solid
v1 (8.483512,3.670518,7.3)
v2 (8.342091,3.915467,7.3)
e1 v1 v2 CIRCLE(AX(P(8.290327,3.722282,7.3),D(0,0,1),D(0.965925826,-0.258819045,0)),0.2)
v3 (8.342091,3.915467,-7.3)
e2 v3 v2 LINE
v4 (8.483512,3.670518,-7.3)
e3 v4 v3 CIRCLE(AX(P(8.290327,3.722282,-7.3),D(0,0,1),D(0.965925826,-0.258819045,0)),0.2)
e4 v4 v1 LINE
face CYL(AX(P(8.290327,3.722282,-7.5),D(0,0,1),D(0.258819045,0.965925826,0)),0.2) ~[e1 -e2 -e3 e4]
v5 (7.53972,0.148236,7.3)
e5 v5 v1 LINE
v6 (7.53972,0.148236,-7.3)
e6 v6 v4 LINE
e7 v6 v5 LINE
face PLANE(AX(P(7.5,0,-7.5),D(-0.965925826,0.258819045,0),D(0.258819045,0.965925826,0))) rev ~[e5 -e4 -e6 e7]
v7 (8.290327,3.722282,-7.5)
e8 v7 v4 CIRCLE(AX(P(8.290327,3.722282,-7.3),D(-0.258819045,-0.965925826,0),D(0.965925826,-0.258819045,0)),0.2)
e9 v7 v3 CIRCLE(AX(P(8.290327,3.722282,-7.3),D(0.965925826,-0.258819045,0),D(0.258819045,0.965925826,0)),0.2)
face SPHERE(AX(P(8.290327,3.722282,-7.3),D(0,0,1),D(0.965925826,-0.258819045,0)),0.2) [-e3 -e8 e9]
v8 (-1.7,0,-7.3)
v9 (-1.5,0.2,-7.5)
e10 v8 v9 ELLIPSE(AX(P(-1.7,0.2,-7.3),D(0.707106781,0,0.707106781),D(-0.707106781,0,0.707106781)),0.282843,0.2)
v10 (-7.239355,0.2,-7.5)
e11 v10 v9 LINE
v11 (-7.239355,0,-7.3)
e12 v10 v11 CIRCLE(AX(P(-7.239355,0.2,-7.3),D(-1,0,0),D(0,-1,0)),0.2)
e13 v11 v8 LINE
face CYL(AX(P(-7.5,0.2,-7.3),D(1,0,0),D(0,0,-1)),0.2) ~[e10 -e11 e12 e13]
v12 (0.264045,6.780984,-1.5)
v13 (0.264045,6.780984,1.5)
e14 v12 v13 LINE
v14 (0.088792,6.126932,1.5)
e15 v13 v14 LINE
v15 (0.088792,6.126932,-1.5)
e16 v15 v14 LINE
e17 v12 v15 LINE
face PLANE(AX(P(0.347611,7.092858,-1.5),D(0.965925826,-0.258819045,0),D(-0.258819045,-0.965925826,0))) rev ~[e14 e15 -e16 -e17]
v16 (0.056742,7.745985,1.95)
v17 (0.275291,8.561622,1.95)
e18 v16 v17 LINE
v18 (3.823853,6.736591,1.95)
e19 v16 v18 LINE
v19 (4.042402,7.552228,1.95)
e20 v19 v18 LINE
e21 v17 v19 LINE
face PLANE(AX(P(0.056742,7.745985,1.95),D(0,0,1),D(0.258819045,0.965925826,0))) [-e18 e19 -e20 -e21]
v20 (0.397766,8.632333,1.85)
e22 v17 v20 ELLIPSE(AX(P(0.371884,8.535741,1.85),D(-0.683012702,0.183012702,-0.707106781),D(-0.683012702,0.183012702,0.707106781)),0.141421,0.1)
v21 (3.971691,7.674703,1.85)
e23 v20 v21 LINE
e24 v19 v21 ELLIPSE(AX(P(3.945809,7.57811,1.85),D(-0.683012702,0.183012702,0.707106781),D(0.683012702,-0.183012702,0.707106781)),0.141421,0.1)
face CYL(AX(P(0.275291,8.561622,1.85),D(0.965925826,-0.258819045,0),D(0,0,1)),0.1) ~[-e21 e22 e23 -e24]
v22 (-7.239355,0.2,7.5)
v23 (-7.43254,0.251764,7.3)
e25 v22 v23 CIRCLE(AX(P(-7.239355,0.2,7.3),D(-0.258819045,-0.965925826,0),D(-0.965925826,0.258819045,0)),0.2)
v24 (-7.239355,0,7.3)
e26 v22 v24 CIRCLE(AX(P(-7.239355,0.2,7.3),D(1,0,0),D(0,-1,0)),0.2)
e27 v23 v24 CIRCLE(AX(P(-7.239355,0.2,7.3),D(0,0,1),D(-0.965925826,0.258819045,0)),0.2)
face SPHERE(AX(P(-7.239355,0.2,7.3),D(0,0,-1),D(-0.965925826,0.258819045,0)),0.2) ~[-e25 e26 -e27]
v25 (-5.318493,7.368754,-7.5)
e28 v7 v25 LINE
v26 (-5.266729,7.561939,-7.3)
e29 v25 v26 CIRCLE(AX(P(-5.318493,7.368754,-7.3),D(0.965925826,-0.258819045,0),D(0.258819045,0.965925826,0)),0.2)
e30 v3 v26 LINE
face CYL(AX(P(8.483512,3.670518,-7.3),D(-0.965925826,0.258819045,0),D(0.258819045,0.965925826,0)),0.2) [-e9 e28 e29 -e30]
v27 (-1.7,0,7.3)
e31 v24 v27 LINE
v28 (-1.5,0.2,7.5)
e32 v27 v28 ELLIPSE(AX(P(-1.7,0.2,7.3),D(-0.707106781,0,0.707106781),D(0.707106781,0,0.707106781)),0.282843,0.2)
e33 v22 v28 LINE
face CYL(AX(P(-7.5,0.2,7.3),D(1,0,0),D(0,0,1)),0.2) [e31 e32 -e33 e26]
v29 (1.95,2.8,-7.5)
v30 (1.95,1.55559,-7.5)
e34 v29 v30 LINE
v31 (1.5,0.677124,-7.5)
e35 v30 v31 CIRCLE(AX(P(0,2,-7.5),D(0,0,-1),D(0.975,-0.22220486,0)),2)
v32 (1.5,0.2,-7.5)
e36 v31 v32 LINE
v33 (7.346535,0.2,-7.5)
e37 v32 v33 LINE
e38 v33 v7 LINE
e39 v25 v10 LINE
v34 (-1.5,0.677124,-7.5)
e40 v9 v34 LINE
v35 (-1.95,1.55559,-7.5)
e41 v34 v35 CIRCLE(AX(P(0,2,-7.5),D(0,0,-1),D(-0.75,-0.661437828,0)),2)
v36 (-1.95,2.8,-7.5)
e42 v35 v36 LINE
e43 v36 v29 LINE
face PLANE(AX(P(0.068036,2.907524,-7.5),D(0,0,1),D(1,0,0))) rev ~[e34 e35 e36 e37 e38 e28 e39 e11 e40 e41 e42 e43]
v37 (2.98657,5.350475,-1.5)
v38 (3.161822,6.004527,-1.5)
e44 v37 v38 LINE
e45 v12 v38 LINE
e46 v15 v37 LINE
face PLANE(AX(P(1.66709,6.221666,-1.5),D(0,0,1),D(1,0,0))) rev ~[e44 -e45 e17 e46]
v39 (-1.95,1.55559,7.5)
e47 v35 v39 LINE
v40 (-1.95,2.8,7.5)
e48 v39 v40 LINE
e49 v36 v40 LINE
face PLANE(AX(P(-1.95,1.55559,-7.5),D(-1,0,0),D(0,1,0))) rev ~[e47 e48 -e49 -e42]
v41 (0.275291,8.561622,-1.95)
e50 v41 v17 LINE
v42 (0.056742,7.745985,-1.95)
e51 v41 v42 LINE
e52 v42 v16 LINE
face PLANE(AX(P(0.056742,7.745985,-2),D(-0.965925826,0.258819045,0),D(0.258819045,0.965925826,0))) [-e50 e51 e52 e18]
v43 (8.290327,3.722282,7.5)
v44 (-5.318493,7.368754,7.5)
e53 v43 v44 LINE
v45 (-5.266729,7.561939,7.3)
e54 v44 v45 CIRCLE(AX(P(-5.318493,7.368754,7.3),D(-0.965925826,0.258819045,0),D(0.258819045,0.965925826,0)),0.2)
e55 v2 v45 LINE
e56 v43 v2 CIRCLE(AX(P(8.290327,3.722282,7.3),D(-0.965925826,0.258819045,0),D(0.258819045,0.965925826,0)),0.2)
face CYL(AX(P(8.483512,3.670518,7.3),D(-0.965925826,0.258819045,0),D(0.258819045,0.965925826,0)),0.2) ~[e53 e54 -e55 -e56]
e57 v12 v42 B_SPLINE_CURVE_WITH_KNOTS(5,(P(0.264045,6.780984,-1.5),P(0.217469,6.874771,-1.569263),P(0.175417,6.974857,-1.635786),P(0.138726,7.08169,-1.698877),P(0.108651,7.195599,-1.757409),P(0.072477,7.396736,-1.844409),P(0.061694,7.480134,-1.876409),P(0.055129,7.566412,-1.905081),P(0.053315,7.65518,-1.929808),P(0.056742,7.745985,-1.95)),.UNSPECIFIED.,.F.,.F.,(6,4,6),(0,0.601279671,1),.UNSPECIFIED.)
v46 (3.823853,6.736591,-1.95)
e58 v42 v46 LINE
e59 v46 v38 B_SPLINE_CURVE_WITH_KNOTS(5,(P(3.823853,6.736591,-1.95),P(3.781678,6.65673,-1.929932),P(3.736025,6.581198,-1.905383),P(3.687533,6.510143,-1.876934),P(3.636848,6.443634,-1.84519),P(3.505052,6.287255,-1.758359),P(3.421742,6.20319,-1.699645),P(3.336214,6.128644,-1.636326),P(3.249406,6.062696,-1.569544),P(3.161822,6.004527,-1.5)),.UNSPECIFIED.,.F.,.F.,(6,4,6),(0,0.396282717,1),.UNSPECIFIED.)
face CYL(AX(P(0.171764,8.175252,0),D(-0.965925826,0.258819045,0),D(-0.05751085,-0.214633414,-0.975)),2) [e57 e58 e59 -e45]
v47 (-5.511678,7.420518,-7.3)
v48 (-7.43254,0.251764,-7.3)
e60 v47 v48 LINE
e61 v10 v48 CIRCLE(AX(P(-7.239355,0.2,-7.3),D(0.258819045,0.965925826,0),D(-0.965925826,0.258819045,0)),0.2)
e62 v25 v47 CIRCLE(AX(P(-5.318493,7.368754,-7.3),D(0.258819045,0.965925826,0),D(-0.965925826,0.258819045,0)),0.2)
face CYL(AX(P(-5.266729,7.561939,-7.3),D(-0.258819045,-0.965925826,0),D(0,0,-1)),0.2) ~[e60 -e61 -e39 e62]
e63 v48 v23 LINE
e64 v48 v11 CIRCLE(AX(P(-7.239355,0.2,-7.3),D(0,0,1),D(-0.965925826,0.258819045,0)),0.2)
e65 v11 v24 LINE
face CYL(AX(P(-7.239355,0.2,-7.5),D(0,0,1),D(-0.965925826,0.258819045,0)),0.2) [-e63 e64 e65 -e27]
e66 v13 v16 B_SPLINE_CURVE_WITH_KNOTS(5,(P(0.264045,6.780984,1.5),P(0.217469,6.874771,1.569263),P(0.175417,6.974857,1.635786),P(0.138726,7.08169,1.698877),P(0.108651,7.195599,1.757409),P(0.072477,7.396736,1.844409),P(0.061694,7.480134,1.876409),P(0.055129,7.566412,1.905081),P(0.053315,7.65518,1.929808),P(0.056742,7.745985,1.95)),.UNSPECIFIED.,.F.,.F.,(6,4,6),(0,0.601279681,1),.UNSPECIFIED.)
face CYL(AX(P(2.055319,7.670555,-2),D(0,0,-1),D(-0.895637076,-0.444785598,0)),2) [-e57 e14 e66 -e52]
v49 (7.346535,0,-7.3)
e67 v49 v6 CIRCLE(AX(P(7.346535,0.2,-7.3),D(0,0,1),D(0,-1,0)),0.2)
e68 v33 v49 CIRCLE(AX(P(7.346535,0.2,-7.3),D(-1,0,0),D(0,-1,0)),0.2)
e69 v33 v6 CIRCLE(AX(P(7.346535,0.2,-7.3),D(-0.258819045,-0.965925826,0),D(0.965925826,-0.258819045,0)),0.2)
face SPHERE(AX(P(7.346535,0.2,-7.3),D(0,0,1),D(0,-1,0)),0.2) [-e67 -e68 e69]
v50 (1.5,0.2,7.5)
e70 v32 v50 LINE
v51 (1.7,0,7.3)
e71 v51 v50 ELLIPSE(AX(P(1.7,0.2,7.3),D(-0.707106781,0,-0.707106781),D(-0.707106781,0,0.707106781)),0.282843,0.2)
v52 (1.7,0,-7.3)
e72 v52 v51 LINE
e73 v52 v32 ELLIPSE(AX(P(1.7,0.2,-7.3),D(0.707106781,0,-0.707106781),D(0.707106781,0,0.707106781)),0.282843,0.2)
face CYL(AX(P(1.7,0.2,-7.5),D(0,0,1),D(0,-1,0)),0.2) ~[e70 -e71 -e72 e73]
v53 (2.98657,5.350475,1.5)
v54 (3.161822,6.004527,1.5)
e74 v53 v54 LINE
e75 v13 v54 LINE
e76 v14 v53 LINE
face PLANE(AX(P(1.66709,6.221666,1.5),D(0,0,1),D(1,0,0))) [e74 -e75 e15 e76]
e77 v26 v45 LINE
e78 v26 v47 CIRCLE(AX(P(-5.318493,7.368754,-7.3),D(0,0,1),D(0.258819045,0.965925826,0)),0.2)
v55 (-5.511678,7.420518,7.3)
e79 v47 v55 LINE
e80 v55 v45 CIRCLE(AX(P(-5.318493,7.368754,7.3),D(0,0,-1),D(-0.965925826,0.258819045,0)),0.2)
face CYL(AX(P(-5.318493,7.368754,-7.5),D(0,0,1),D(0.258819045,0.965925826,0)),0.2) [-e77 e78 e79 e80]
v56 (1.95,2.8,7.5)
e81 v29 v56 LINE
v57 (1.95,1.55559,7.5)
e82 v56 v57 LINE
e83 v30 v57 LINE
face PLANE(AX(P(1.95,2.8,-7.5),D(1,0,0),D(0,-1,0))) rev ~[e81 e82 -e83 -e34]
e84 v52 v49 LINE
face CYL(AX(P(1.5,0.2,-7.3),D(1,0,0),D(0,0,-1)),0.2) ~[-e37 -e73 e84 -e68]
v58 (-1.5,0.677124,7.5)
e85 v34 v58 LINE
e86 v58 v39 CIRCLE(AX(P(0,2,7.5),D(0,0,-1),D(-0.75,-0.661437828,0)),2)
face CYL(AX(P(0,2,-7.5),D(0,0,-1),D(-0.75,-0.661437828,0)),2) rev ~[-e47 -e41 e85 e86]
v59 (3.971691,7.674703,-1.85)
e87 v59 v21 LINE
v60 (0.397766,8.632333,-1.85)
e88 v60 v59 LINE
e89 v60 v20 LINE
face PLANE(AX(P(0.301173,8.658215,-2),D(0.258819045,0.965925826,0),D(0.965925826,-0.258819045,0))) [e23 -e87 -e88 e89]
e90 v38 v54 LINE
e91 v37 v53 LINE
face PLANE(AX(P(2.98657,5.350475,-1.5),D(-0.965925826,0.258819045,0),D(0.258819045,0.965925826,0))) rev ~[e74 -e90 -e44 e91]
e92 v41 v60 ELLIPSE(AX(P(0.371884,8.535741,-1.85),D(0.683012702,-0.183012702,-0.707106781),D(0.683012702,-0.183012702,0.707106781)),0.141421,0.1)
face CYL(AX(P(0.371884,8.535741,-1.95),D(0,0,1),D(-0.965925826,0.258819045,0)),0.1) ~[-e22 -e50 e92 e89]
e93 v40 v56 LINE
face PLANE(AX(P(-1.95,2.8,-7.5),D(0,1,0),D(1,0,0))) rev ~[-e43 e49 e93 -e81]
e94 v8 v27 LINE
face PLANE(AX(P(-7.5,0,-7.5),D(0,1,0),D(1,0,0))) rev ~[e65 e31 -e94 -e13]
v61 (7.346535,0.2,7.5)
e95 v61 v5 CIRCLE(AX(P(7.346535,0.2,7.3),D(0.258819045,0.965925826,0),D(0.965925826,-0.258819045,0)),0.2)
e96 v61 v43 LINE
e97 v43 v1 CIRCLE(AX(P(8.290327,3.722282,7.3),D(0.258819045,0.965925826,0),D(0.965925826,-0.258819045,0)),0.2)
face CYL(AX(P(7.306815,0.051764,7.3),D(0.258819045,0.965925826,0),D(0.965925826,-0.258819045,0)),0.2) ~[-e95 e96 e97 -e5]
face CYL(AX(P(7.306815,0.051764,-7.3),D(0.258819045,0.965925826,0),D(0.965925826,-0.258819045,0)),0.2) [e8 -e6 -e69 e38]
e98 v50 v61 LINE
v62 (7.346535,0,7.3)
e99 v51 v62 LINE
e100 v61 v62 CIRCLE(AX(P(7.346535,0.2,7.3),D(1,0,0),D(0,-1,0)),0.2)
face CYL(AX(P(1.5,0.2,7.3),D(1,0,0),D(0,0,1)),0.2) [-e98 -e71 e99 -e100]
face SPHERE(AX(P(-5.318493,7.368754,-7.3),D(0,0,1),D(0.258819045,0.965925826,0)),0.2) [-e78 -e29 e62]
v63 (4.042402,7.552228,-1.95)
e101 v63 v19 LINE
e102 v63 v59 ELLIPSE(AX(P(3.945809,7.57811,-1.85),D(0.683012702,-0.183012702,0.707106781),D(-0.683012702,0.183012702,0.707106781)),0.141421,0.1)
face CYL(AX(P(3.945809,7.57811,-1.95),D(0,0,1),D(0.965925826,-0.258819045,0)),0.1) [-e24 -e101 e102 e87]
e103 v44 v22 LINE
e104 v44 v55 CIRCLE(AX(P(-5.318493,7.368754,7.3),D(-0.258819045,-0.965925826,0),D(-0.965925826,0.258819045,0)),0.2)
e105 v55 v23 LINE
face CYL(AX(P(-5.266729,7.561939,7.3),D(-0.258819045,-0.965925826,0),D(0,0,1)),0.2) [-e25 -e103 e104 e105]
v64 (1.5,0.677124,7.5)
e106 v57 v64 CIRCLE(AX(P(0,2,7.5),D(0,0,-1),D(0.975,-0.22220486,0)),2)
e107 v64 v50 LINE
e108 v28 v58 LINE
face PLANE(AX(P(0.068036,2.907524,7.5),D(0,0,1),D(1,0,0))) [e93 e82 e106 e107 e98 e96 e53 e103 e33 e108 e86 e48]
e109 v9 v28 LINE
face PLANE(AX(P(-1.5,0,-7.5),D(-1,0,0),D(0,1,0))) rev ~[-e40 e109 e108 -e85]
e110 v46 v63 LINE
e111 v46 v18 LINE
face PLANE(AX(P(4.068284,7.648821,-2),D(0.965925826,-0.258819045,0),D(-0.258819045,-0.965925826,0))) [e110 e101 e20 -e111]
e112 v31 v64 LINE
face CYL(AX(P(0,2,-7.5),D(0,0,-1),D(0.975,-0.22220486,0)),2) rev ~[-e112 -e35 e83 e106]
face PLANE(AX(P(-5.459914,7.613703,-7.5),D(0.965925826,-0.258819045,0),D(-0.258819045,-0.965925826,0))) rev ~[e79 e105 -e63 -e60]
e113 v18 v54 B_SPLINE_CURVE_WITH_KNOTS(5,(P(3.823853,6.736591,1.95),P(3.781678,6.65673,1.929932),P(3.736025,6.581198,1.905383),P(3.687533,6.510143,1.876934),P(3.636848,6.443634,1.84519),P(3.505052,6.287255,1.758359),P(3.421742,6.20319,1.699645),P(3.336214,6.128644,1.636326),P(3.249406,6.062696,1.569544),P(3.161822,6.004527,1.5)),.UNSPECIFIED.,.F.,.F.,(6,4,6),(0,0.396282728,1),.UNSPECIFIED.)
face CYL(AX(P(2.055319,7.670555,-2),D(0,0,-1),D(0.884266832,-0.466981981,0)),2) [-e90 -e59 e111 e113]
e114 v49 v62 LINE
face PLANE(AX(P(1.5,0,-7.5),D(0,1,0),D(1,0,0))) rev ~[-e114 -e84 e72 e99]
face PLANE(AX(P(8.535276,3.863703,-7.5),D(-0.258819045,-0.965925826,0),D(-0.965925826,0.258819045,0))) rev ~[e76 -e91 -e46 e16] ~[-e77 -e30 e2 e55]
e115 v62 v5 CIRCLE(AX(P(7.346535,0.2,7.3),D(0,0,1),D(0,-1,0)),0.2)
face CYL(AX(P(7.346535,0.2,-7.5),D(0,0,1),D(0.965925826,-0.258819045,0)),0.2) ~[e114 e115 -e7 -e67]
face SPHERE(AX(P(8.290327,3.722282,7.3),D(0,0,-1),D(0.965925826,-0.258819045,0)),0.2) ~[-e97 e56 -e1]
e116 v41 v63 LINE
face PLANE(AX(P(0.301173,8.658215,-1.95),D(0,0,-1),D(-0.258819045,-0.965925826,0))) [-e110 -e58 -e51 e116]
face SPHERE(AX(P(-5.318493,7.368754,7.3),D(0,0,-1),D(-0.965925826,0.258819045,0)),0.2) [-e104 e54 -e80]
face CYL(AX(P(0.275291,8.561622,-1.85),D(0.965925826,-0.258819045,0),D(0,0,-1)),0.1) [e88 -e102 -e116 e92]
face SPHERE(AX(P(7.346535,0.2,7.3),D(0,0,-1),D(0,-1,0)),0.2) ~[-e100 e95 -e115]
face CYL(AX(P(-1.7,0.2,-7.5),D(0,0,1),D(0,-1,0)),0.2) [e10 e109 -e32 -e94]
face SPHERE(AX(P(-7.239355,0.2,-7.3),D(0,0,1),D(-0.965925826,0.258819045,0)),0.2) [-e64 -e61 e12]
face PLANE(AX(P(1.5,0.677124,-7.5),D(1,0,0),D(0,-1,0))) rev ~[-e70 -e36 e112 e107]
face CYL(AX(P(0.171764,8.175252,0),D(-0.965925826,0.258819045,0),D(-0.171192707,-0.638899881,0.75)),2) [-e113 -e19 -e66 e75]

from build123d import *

# Parameters (mm, degrees)
EXTRUDE_1_DEPTH      = 7.5
EXTRUDE_1_DEPTH_BACK = 7.5
EXTRUDE_2_DEPTH      = 1.5
EXTRUDE_2_DEPTH_BACK = 1.5
EXTRUDE_3_DEPTH      = 2
EXTRUDE_3_DEPTH_BACK = 2
CUT_EXTRUDE_1_DEPTH  = 16.207955299
FILLET_1_R           = 0.2
FILLET_2_R           = 0.1


with BuildPart() as part:
    # 草图1 → 凸台-拉伸1 (new, two sides: drawn at the far end of the back side and taken through both)
    with BuildSketch(Plane.XY.offset(-EXTRUDE_1_DEPTH_BACK)):
        with BuildLine():
            Line((-7.5, 0), (-1.5, 0))
            Line((-1.5, 0), (-1.5, 0.677124344))
            ThreePointArc((-1.5, 0.677124344), (-1.780042303, 1.088161527), (-1.95, 1.555590279))
            Line((-1.95, 1.555590279), (-1.95, 2.8))
            Line((-1.95, 2.8), (1.95, 2.8))
            Line((1.95, 2.8), (1.95, 1.555590279))
            ThreePointArc((1.95, 1.555590279), (1.780042303, 1.088161527), (1.5, 0.677124344))
            Line((1.5, 0.677124344), (1.5, 0))
            Line((1.5, 0), (7.5, 0))
            Line((7.5, 0), (8.53527618, 3.863703305))
            Line((8.53527618, 3.863703305), (-5.459914348, 7.613703305))
            Line((-5.459914348, 7.613703305), (-7.5, 0))
        make_face()
    extrude(amount=EXTRUDE_1_DEPTH + EXTRUDE_1_DEPTH_BACK)

    # 草图2 → 凸台-拉伸2 (add, two sides: drawn at the far end of the back side and taken through both)
    with BuildSketch(Plane.XY.offset(-EXTRUDE_2_DEPTH_BACK)):
        Polygon((0.088792177, 6.126931873), (2.986569656, 5.350474738), (3.245388701, 6.316400564), (0.347611222, 7.092857699), align=None)
    extrude(amount=EXTRUDE_2_DEPTH + EXTRUDE_2_DEPTH_BACK)

    # 草图3 → 凸台-拉伸3 (add, two sides: drawn at the far end of the back side and taken through both)
    with BuildSketch(Plane.XY.offset(-EXTRUDE_3_DEPTH_BACK)):
        with BuildLine():
            Line((2.184728529, 8.153517871), (4.06828389, 7.648820733))
            Line((4.06828389, 7.648820733), (3.823852668, 6.736590993))
            ThreePointArc((3.823852668, 6.736590993), (3.538706676, 6.329077778), (3.161822332, 6.004526629))
            Line((3.161822332, 6.004526629), (0.264044853, 6.780983765))
            ThreePointArc((0.264044853, 6.780983765), (0.099929011, 7.250495477), (0.056741946, 7.745985269))
            Line((0.056741946, 7.745985269), (0.301173168, 8.658215009))
            Line((0.301173168, 8.658215009), (2.184728529, 8.153517871))
        make_face()
    extrude(amount=EXTRUDE_3_DEPTH + EXTRUDE_3_DEPTH_BACK)

    # 草图4 → 切除-拉伸1 (cut, through all)
    with BuildSketch(Plane(origin=(-1.883555361, 0.504697138, 0), x_dir=(0, 0, 1), z_dir=(-0.9659258262890692, 0.2588190451025178, 0))):
        with BuildLine():
            Line((1.95, 8.441142838), (2, 8.441142838))
            Line((2, 8.441142838), (2, 6.618267183))
            Line((2, 6.618267183), (1.5, 6.618267183))
            ThreePointArc((1.5, 6.618267183), (1.780042303, 7.029304366), (1.95, 7.496733117))
            Line((1.95, 7.496733117), (1.95, 8.441142838))
        make_face()
        with BuildLine():
            Line((-1.95, 8.441142838), (-1.95, 7.496733117))
            ThreePointArc((-1.95, 7.496733117), (-1.780042303, 7.029304366), (-1.5, 6.618267183))
            Line((-1.5, 6.618267183), (-2, 6.618267183))
            Line((-2, 6.618267183), (-2, 8.441142838))
            Line((-2, 8.441142838), (-1.95, 8.441142838))
        make_face()
    extrude(amount=-CUT_EXTRUDE_1_DEPTH, mode=Mode.SUBTRACT)

    # 圆角1
    fillet_1_edges = [part.edges().sort_by_distance(p)[0] for p in [
        (-5.459914348, 7.613703305, 0),
        (8.53527618, 3.863703305, 0),
        (7.5, 0, 0),
        (1.5, 0, 0),
        (-1.5, 0, 0),
        (-7.5, 0, 0),
        (4.5, 0, -7.5),
        (-6.479957174, 3.806851653, 7.5),
        (-4.5, 0, 7.5),
        (8.01763809, 1.931851653, -7.5),
        (4.5, 0, 7.5),
        (8.01763809, 1.931851653, 7.5),
        (1.537680916, 5.738703305, 7.5),
        (1.537680916, 5.738703305, -7.5),
        (-6.479957174, 3.806851653, -7.5),
        (-4.5, 0, -7.5),
    ]]
    fillet(fillet_1_edges, radius=FILLET_1_R)

    # 圆角2
    fillet_2_edges = [part.edges().sort_by_distance(p)[0] for p in [
        (4.06828389, 7.648820733, 0),
        (0.301173168, 8.658215009, 0),
        (2.184728529, 8.153517871, -1.95),
        (2.184728529, 8.153517871, 1.95),
    ]]
    fillet(fillet_2_edges, radius=FILLET_2_R)


solid = part.part
